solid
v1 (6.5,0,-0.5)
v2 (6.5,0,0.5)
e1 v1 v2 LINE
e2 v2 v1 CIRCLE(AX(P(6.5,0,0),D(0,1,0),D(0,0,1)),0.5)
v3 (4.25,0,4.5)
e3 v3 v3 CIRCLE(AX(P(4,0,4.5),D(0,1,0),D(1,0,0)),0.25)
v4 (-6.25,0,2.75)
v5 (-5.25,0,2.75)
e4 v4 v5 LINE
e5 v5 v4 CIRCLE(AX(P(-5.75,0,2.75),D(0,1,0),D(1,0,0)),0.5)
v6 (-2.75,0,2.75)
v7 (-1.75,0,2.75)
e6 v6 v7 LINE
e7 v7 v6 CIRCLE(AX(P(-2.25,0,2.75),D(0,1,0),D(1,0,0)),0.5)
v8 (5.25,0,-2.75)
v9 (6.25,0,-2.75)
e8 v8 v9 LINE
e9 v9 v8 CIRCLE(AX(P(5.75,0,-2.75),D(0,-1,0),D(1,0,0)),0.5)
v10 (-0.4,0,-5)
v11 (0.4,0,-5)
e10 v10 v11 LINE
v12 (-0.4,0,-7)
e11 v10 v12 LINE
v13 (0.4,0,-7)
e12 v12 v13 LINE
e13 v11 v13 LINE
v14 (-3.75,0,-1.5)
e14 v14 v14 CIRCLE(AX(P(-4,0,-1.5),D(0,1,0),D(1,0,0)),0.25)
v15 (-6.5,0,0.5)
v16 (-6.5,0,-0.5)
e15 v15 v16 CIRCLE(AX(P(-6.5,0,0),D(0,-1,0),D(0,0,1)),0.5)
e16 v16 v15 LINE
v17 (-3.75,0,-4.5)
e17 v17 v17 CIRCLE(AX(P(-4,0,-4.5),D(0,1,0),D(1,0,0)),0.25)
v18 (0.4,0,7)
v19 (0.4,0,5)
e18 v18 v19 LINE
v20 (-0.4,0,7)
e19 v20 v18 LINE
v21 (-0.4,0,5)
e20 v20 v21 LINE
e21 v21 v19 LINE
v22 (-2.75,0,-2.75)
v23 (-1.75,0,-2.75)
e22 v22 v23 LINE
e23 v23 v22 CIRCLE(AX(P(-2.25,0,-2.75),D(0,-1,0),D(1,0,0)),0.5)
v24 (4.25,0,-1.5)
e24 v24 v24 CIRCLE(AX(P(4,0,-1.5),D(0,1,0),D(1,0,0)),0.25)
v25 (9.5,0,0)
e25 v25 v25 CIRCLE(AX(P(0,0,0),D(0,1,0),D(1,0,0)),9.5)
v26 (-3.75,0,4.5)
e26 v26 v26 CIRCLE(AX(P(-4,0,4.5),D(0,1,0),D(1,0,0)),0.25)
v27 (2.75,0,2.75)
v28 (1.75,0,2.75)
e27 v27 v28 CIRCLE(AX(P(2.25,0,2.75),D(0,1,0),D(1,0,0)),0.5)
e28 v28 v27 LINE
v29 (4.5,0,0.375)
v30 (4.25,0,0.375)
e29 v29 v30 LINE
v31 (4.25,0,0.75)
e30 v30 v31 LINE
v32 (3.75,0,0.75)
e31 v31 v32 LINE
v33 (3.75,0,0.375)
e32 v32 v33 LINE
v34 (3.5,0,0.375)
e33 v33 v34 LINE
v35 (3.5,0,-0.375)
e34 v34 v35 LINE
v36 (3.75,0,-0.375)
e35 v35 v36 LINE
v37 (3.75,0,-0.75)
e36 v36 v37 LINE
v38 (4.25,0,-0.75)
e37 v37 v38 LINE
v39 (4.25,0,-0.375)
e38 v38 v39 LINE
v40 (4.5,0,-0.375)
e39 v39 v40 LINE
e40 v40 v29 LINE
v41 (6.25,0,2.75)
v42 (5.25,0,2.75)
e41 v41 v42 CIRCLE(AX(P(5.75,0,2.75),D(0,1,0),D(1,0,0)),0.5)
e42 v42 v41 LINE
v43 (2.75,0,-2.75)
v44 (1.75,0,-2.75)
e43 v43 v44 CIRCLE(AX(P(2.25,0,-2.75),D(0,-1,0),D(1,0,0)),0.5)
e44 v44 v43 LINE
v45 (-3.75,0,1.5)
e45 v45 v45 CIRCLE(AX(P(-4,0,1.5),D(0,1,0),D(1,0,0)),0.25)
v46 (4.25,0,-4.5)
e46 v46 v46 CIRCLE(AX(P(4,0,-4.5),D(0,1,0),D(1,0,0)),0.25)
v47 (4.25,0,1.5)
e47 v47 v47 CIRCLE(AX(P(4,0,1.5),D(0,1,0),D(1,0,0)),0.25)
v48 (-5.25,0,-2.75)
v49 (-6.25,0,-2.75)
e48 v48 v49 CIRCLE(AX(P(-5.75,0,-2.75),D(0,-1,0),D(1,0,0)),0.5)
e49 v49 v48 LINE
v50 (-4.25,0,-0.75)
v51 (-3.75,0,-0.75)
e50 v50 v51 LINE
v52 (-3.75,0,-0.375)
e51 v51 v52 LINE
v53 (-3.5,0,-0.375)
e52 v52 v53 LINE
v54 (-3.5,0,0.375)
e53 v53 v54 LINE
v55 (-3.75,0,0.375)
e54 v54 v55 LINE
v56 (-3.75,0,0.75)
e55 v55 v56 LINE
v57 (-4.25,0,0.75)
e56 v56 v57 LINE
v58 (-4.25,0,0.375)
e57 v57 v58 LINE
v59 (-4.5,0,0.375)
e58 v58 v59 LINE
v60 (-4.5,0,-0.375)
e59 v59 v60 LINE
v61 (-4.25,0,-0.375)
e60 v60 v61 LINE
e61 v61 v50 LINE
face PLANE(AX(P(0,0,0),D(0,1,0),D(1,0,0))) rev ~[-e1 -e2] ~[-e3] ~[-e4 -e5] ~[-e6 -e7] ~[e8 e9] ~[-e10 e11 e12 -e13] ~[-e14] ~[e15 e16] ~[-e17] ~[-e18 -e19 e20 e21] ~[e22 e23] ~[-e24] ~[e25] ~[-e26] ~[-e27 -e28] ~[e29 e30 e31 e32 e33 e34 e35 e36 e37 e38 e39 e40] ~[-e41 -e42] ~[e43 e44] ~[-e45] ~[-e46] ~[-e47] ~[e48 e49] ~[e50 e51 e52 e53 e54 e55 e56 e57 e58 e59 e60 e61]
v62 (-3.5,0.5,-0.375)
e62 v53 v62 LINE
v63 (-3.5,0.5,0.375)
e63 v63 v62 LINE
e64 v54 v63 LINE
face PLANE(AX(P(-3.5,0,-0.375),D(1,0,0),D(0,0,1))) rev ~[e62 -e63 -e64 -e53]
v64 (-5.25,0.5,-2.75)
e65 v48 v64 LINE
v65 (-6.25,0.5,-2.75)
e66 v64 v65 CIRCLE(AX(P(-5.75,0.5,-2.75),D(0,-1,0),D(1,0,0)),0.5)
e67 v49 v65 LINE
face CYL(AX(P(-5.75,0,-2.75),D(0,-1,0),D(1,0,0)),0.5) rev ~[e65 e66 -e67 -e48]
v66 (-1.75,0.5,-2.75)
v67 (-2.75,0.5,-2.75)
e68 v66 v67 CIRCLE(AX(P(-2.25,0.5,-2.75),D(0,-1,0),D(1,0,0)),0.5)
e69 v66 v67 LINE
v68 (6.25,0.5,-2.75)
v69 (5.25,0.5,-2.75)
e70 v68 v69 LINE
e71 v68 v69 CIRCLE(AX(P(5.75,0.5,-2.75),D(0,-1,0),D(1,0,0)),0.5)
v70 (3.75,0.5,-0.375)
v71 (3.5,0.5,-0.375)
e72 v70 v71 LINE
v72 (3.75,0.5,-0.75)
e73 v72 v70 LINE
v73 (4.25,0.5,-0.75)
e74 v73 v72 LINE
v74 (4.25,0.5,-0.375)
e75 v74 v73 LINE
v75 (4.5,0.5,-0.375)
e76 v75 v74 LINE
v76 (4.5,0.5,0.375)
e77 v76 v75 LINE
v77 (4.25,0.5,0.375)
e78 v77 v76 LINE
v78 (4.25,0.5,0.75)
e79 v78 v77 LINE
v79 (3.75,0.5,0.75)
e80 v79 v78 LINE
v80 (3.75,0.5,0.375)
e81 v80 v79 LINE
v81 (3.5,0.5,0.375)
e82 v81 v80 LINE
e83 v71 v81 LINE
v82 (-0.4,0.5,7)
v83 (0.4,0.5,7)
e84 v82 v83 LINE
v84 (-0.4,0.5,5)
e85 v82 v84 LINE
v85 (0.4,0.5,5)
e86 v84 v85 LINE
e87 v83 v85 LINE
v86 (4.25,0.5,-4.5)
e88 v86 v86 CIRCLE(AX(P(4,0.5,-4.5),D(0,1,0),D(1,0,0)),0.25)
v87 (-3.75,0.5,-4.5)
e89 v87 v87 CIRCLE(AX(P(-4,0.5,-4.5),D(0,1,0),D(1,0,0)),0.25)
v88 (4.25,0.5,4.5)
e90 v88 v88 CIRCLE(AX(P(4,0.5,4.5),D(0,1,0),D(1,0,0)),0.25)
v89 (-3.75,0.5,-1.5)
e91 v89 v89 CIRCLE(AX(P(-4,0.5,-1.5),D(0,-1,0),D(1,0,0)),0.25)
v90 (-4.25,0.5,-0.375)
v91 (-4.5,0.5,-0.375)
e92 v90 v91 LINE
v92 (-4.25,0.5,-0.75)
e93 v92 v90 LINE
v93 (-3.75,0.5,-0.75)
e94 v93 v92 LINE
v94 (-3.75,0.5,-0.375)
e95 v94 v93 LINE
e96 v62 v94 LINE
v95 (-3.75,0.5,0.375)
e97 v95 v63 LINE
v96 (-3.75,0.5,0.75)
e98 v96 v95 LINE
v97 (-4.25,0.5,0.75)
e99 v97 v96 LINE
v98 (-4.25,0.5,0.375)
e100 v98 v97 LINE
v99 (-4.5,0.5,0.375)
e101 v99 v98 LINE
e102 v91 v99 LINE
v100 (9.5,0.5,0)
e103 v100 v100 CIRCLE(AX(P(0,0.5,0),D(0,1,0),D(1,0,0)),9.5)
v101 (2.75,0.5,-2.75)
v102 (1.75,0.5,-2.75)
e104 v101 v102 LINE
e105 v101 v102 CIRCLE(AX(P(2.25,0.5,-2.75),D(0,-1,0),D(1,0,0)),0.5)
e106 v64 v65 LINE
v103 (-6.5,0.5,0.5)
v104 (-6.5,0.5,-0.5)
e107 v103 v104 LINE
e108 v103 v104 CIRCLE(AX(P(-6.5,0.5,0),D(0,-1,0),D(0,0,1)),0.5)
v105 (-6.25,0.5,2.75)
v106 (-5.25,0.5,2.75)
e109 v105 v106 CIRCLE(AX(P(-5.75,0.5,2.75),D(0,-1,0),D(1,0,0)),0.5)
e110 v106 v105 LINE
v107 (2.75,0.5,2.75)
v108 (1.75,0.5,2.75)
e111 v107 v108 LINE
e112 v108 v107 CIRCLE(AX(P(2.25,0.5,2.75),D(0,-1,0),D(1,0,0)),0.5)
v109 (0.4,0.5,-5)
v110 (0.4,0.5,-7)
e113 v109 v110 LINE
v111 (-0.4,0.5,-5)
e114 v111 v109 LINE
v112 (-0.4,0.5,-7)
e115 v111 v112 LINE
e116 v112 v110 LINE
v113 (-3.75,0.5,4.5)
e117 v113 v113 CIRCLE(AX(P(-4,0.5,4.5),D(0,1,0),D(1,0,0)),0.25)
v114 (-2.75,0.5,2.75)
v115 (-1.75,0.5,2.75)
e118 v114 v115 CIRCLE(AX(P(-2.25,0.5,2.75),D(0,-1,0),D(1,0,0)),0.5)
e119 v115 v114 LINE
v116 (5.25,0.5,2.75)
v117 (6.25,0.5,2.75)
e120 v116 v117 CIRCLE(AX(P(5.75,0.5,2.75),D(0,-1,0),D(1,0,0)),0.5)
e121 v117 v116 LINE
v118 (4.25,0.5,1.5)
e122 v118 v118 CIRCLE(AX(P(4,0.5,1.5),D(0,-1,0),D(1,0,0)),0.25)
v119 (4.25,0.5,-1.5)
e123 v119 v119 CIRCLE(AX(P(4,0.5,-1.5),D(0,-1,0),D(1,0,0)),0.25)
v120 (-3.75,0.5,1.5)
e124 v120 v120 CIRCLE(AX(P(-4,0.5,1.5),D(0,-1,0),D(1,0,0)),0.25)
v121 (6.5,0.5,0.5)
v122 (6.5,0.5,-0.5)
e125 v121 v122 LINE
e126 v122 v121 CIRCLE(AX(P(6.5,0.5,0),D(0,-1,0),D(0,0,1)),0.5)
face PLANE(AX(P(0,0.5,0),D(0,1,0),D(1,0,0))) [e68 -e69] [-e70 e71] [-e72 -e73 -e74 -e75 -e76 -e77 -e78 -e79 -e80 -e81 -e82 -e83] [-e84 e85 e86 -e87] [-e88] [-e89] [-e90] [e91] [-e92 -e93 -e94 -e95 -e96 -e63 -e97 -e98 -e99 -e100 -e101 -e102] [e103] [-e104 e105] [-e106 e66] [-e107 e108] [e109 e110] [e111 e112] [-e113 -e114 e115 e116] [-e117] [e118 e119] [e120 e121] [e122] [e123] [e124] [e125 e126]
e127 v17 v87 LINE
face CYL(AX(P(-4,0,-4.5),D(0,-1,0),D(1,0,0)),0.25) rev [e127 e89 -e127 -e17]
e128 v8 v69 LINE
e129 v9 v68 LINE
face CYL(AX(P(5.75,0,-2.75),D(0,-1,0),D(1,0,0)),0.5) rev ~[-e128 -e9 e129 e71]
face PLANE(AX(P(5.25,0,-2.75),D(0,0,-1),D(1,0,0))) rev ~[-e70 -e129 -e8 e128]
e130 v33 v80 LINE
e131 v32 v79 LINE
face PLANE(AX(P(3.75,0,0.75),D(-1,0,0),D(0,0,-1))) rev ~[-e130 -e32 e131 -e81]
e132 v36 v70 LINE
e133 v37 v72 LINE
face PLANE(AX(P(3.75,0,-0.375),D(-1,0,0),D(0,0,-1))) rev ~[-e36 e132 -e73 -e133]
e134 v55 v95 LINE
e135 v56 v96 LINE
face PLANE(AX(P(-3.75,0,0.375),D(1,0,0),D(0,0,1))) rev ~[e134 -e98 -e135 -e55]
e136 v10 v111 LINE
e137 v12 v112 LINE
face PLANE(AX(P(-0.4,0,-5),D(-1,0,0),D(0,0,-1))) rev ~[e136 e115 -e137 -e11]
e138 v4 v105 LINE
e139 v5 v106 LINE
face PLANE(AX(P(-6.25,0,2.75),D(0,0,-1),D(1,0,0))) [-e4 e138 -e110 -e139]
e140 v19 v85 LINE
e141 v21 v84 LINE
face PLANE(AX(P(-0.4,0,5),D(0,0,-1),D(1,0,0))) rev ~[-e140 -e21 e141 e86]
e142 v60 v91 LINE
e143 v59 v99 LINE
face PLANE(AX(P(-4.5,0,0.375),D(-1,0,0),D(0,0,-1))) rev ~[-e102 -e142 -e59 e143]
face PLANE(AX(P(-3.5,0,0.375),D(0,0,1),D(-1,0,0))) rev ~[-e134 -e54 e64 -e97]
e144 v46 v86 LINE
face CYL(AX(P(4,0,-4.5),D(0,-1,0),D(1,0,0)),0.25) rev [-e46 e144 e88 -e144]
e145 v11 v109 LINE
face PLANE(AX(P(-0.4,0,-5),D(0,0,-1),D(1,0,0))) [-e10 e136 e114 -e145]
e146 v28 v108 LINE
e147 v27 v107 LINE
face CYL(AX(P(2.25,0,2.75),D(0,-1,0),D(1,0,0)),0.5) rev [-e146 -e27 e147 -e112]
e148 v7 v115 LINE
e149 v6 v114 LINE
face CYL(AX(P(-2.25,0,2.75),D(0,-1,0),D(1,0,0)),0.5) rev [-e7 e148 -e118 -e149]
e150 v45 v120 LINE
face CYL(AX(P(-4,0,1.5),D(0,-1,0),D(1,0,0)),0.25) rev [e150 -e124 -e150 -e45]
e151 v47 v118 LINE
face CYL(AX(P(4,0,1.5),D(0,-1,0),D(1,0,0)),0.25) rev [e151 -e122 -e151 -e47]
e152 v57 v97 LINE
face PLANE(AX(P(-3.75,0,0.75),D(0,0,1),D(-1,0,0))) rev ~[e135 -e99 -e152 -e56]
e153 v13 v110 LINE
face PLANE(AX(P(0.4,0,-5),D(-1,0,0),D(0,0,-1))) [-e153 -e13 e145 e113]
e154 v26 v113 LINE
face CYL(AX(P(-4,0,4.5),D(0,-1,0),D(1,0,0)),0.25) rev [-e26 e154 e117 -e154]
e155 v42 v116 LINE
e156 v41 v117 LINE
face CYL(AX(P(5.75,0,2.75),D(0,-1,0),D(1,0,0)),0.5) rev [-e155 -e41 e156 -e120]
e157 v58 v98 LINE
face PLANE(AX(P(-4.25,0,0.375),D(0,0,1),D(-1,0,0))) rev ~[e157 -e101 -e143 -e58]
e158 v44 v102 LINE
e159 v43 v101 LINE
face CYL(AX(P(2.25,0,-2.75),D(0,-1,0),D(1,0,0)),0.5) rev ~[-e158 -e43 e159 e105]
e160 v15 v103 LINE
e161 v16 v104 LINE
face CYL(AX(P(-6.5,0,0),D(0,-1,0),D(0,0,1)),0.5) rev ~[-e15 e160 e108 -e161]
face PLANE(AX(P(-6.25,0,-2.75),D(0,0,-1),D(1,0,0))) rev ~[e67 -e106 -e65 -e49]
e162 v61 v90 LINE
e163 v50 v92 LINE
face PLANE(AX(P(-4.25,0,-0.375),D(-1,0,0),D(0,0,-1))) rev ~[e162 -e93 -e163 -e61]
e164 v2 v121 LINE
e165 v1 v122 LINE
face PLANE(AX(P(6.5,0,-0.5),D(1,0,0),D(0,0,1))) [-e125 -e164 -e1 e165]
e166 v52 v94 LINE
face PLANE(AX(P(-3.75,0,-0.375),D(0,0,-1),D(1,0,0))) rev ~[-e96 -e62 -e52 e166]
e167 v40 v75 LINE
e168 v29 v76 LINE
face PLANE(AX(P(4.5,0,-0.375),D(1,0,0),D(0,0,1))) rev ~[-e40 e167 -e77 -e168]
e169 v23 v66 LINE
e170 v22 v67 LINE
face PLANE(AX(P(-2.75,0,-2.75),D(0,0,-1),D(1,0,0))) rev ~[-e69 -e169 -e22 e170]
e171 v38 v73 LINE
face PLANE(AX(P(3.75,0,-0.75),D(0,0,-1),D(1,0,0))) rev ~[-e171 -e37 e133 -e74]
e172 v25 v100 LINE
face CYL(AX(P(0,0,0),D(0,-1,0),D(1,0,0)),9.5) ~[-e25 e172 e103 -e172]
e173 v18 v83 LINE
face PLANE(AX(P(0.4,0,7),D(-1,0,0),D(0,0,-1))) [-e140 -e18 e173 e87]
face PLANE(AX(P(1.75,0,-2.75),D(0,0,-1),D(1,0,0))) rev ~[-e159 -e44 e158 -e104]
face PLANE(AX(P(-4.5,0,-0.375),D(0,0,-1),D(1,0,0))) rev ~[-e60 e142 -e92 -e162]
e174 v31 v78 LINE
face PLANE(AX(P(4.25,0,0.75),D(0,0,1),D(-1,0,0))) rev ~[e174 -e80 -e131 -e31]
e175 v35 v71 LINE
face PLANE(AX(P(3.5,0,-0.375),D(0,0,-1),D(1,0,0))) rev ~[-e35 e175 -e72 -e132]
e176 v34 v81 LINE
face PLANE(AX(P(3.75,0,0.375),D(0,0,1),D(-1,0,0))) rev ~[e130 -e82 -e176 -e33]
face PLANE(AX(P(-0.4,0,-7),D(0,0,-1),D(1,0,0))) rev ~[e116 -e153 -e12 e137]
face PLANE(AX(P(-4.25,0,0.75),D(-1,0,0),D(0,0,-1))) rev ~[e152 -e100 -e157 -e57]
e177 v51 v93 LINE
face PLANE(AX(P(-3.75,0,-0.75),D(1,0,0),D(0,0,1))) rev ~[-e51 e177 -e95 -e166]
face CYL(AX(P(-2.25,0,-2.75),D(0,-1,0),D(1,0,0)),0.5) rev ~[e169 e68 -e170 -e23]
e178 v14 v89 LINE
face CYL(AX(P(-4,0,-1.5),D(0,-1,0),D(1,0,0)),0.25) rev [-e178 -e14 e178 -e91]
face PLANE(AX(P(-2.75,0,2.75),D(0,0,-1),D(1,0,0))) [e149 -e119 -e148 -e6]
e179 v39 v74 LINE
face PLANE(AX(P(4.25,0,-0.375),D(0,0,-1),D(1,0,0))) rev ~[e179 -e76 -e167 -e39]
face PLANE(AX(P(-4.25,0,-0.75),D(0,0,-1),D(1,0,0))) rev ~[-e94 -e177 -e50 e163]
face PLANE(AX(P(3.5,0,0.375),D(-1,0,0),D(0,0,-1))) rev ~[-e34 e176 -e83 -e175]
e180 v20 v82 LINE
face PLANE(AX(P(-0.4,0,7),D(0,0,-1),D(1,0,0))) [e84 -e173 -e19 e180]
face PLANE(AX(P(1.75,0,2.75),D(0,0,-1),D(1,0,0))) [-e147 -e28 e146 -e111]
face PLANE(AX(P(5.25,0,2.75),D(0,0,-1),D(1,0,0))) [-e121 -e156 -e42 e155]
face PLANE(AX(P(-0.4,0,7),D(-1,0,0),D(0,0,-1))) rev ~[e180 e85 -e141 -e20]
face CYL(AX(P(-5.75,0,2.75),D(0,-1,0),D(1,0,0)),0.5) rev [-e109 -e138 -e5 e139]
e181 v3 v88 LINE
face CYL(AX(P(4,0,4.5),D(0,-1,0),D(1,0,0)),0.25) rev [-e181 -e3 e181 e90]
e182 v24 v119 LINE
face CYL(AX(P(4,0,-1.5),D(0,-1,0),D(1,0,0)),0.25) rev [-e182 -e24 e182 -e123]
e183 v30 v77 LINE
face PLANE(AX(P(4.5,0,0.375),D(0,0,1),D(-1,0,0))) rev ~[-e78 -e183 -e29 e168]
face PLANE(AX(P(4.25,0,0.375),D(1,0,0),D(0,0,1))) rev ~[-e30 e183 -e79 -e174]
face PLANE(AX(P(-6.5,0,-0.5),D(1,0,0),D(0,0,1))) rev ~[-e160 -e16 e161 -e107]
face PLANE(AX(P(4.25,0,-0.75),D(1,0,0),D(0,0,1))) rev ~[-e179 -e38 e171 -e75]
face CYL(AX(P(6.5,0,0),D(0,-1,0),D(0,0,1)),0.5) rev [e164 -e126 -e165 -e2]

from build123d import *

# Parameters (mm, degrees)
SKETCH1_R      = 9.5
SKETCH1_R_2    = 0.25
SKETCH1_W      = 0.8
SKETCH1_H      = 2
EXTRUDE1_DEPTH = 0.5
SKETCH2_R      = 0.25
EXTRUDE2_DEPTH = 1.5


with BuildPart() as part:
    # Sketch1 → Extrude1 (new body)
    with BuildSketch(Plane(origin=(0, 0, 0), x_dir=(1, 0, 0), z_dir=(0, 1, 0))):
        Circle(SKETCH1_R)
        with Locations((-4, 4.5)):
            Circle(SKETCH1_R_2, mode=Mode.SUBTRACT)
        with Locations((4, 4.5)):
            Circle(SKETCH1_R_2, mode=Mode.SUBTRACT)
        with Locations((4, -4.5)):
            Circle(SKETCH1_R_2, mode=Mode.SUBTRACT)
        with Locations((-4, -4.5)):
            Circle(SKETCH1_R_2, mode=Mode.SUBTRACT)
        with Locations((0, 6)):
            Rectangle(SKETCH1_W, SKETCH1_H, mode=Mode.SUBTRACT)
        with Locations((0, -6)):
            Rectangle(SKETCH1_W, SKETCH1_H, mode=Mode.SUBTRACT)
    extrude(amount=EXTRUDE1_DEPTH)

    # Sketch2 → Extrude2 (cut, through all)
    with BuildSketch(Plane(origin=(0, 0, 0), x_dir=(1, 0, 0), z_dir=(0, 1, 0))):
        with Locations((4, 1.5)):
            Circle(SKETCH2_R)
        with Locations((4, -1.5)):
            Circle(SKETCH2_R)
        with Locations((-4, 1.5)):
            Circle(SKETCH2_R)
        with Locations((-4, -1.5)):
            Circle(SKETCH2_R)
        Polygon((3.75, 0.75), (4.25, 0.75), (4.25, 0.375), (4.5, 0.375), (4.5, -0.375), (4.25, -0.375), (4.25, -0.75), (3.75, -0.75), (3.75, -0.375), (3.5, -0.375), (3.5, 0.375), (3.75, 0.375), align=None)
        Polygon((-3.5, 0.375), (-3.5, -0.375), (-3.75, -0.375), (-3.75, -0.75), (-4.25, -0.75), (-4.25, -0.375), (-4.5, -0.375), (-4.5, 0.375), (-4.25, 0.375), (-4.25, 0.75), (-3.75, 0.75), (-3.75, 0.375), align=None)
        with BuildLine():
            Line((-6.5, 0.5), (-6.5, -0.5))
            ThreePointArc((-6.5, -0.5), (-7, 0), (-6.5, 0.5))
        make_face()
        with BuildLine():
            Line((6.5, 0.5), (6.5, -0.5))
            ThreePointArc((6.5, -0.5), (7, 0), (6.5, 0.5))
        make_face()
        with BuildLine():
            Line((-6.25, 2.75), (-5.25, 2.75))
            ThreePointArc((-5.25, 2.75), (-5.75, 2.25), (-6.25, 2.75))
        make_face()
        with BuildLine():
            Line((-2.75, 2.75), (-1.75, 2.75))
            ThreePointArc((-1.75, 2.75), (-2.25, 2.25), (-2.75, 2.75))
        make_face()
        with BuildLine():
            Line((1.75, 2.75), (2.75, 2.75))
            ThreePointArc((2.75, 2.75), (2.25, 2.25), (1.75, 2.75))
        make_face()
        with BuildLine():
            Line((5.25, 2.75), (6.25, 2.75))
            ThreePointArc((6.25, 2.75), (5.75, 2.25), (5.25, 2.75))
        make_face()
        with BuildLine():
            Line((-6.25, -2.75), (-5.25, -2.75))
            ThreePointArc((-5.25, -2.75), (-5.75, -2.25), (-6.25, -2.75))
        make_face()
        with BuildLine():
            Line((-2.75, -2.75), (-1.75, -2.75))
            ThreePointArc((-1.75, -2.75), (-2.25, -2.25), (-2.75, -2.75))
        make_face()
        with BuildLine():
            Line((1.75, -2.75), (2.75, -2.75))
            ThreePointArc((2.75, -2.75), (2.25, -2.25), (1.75, -2.75))
        make_face()
        with BuildLine():
            Line((5.25, -2.75), (6.25, -2.75))
            ThreePointArc((6.25, -2.75), (5.75, -2.25), (5.25, -2.75))
        make_face()
    extrude(amount=EXTRUDE2_DEPTH, mode=Mode.SUBTRACT)


solid = part.part
